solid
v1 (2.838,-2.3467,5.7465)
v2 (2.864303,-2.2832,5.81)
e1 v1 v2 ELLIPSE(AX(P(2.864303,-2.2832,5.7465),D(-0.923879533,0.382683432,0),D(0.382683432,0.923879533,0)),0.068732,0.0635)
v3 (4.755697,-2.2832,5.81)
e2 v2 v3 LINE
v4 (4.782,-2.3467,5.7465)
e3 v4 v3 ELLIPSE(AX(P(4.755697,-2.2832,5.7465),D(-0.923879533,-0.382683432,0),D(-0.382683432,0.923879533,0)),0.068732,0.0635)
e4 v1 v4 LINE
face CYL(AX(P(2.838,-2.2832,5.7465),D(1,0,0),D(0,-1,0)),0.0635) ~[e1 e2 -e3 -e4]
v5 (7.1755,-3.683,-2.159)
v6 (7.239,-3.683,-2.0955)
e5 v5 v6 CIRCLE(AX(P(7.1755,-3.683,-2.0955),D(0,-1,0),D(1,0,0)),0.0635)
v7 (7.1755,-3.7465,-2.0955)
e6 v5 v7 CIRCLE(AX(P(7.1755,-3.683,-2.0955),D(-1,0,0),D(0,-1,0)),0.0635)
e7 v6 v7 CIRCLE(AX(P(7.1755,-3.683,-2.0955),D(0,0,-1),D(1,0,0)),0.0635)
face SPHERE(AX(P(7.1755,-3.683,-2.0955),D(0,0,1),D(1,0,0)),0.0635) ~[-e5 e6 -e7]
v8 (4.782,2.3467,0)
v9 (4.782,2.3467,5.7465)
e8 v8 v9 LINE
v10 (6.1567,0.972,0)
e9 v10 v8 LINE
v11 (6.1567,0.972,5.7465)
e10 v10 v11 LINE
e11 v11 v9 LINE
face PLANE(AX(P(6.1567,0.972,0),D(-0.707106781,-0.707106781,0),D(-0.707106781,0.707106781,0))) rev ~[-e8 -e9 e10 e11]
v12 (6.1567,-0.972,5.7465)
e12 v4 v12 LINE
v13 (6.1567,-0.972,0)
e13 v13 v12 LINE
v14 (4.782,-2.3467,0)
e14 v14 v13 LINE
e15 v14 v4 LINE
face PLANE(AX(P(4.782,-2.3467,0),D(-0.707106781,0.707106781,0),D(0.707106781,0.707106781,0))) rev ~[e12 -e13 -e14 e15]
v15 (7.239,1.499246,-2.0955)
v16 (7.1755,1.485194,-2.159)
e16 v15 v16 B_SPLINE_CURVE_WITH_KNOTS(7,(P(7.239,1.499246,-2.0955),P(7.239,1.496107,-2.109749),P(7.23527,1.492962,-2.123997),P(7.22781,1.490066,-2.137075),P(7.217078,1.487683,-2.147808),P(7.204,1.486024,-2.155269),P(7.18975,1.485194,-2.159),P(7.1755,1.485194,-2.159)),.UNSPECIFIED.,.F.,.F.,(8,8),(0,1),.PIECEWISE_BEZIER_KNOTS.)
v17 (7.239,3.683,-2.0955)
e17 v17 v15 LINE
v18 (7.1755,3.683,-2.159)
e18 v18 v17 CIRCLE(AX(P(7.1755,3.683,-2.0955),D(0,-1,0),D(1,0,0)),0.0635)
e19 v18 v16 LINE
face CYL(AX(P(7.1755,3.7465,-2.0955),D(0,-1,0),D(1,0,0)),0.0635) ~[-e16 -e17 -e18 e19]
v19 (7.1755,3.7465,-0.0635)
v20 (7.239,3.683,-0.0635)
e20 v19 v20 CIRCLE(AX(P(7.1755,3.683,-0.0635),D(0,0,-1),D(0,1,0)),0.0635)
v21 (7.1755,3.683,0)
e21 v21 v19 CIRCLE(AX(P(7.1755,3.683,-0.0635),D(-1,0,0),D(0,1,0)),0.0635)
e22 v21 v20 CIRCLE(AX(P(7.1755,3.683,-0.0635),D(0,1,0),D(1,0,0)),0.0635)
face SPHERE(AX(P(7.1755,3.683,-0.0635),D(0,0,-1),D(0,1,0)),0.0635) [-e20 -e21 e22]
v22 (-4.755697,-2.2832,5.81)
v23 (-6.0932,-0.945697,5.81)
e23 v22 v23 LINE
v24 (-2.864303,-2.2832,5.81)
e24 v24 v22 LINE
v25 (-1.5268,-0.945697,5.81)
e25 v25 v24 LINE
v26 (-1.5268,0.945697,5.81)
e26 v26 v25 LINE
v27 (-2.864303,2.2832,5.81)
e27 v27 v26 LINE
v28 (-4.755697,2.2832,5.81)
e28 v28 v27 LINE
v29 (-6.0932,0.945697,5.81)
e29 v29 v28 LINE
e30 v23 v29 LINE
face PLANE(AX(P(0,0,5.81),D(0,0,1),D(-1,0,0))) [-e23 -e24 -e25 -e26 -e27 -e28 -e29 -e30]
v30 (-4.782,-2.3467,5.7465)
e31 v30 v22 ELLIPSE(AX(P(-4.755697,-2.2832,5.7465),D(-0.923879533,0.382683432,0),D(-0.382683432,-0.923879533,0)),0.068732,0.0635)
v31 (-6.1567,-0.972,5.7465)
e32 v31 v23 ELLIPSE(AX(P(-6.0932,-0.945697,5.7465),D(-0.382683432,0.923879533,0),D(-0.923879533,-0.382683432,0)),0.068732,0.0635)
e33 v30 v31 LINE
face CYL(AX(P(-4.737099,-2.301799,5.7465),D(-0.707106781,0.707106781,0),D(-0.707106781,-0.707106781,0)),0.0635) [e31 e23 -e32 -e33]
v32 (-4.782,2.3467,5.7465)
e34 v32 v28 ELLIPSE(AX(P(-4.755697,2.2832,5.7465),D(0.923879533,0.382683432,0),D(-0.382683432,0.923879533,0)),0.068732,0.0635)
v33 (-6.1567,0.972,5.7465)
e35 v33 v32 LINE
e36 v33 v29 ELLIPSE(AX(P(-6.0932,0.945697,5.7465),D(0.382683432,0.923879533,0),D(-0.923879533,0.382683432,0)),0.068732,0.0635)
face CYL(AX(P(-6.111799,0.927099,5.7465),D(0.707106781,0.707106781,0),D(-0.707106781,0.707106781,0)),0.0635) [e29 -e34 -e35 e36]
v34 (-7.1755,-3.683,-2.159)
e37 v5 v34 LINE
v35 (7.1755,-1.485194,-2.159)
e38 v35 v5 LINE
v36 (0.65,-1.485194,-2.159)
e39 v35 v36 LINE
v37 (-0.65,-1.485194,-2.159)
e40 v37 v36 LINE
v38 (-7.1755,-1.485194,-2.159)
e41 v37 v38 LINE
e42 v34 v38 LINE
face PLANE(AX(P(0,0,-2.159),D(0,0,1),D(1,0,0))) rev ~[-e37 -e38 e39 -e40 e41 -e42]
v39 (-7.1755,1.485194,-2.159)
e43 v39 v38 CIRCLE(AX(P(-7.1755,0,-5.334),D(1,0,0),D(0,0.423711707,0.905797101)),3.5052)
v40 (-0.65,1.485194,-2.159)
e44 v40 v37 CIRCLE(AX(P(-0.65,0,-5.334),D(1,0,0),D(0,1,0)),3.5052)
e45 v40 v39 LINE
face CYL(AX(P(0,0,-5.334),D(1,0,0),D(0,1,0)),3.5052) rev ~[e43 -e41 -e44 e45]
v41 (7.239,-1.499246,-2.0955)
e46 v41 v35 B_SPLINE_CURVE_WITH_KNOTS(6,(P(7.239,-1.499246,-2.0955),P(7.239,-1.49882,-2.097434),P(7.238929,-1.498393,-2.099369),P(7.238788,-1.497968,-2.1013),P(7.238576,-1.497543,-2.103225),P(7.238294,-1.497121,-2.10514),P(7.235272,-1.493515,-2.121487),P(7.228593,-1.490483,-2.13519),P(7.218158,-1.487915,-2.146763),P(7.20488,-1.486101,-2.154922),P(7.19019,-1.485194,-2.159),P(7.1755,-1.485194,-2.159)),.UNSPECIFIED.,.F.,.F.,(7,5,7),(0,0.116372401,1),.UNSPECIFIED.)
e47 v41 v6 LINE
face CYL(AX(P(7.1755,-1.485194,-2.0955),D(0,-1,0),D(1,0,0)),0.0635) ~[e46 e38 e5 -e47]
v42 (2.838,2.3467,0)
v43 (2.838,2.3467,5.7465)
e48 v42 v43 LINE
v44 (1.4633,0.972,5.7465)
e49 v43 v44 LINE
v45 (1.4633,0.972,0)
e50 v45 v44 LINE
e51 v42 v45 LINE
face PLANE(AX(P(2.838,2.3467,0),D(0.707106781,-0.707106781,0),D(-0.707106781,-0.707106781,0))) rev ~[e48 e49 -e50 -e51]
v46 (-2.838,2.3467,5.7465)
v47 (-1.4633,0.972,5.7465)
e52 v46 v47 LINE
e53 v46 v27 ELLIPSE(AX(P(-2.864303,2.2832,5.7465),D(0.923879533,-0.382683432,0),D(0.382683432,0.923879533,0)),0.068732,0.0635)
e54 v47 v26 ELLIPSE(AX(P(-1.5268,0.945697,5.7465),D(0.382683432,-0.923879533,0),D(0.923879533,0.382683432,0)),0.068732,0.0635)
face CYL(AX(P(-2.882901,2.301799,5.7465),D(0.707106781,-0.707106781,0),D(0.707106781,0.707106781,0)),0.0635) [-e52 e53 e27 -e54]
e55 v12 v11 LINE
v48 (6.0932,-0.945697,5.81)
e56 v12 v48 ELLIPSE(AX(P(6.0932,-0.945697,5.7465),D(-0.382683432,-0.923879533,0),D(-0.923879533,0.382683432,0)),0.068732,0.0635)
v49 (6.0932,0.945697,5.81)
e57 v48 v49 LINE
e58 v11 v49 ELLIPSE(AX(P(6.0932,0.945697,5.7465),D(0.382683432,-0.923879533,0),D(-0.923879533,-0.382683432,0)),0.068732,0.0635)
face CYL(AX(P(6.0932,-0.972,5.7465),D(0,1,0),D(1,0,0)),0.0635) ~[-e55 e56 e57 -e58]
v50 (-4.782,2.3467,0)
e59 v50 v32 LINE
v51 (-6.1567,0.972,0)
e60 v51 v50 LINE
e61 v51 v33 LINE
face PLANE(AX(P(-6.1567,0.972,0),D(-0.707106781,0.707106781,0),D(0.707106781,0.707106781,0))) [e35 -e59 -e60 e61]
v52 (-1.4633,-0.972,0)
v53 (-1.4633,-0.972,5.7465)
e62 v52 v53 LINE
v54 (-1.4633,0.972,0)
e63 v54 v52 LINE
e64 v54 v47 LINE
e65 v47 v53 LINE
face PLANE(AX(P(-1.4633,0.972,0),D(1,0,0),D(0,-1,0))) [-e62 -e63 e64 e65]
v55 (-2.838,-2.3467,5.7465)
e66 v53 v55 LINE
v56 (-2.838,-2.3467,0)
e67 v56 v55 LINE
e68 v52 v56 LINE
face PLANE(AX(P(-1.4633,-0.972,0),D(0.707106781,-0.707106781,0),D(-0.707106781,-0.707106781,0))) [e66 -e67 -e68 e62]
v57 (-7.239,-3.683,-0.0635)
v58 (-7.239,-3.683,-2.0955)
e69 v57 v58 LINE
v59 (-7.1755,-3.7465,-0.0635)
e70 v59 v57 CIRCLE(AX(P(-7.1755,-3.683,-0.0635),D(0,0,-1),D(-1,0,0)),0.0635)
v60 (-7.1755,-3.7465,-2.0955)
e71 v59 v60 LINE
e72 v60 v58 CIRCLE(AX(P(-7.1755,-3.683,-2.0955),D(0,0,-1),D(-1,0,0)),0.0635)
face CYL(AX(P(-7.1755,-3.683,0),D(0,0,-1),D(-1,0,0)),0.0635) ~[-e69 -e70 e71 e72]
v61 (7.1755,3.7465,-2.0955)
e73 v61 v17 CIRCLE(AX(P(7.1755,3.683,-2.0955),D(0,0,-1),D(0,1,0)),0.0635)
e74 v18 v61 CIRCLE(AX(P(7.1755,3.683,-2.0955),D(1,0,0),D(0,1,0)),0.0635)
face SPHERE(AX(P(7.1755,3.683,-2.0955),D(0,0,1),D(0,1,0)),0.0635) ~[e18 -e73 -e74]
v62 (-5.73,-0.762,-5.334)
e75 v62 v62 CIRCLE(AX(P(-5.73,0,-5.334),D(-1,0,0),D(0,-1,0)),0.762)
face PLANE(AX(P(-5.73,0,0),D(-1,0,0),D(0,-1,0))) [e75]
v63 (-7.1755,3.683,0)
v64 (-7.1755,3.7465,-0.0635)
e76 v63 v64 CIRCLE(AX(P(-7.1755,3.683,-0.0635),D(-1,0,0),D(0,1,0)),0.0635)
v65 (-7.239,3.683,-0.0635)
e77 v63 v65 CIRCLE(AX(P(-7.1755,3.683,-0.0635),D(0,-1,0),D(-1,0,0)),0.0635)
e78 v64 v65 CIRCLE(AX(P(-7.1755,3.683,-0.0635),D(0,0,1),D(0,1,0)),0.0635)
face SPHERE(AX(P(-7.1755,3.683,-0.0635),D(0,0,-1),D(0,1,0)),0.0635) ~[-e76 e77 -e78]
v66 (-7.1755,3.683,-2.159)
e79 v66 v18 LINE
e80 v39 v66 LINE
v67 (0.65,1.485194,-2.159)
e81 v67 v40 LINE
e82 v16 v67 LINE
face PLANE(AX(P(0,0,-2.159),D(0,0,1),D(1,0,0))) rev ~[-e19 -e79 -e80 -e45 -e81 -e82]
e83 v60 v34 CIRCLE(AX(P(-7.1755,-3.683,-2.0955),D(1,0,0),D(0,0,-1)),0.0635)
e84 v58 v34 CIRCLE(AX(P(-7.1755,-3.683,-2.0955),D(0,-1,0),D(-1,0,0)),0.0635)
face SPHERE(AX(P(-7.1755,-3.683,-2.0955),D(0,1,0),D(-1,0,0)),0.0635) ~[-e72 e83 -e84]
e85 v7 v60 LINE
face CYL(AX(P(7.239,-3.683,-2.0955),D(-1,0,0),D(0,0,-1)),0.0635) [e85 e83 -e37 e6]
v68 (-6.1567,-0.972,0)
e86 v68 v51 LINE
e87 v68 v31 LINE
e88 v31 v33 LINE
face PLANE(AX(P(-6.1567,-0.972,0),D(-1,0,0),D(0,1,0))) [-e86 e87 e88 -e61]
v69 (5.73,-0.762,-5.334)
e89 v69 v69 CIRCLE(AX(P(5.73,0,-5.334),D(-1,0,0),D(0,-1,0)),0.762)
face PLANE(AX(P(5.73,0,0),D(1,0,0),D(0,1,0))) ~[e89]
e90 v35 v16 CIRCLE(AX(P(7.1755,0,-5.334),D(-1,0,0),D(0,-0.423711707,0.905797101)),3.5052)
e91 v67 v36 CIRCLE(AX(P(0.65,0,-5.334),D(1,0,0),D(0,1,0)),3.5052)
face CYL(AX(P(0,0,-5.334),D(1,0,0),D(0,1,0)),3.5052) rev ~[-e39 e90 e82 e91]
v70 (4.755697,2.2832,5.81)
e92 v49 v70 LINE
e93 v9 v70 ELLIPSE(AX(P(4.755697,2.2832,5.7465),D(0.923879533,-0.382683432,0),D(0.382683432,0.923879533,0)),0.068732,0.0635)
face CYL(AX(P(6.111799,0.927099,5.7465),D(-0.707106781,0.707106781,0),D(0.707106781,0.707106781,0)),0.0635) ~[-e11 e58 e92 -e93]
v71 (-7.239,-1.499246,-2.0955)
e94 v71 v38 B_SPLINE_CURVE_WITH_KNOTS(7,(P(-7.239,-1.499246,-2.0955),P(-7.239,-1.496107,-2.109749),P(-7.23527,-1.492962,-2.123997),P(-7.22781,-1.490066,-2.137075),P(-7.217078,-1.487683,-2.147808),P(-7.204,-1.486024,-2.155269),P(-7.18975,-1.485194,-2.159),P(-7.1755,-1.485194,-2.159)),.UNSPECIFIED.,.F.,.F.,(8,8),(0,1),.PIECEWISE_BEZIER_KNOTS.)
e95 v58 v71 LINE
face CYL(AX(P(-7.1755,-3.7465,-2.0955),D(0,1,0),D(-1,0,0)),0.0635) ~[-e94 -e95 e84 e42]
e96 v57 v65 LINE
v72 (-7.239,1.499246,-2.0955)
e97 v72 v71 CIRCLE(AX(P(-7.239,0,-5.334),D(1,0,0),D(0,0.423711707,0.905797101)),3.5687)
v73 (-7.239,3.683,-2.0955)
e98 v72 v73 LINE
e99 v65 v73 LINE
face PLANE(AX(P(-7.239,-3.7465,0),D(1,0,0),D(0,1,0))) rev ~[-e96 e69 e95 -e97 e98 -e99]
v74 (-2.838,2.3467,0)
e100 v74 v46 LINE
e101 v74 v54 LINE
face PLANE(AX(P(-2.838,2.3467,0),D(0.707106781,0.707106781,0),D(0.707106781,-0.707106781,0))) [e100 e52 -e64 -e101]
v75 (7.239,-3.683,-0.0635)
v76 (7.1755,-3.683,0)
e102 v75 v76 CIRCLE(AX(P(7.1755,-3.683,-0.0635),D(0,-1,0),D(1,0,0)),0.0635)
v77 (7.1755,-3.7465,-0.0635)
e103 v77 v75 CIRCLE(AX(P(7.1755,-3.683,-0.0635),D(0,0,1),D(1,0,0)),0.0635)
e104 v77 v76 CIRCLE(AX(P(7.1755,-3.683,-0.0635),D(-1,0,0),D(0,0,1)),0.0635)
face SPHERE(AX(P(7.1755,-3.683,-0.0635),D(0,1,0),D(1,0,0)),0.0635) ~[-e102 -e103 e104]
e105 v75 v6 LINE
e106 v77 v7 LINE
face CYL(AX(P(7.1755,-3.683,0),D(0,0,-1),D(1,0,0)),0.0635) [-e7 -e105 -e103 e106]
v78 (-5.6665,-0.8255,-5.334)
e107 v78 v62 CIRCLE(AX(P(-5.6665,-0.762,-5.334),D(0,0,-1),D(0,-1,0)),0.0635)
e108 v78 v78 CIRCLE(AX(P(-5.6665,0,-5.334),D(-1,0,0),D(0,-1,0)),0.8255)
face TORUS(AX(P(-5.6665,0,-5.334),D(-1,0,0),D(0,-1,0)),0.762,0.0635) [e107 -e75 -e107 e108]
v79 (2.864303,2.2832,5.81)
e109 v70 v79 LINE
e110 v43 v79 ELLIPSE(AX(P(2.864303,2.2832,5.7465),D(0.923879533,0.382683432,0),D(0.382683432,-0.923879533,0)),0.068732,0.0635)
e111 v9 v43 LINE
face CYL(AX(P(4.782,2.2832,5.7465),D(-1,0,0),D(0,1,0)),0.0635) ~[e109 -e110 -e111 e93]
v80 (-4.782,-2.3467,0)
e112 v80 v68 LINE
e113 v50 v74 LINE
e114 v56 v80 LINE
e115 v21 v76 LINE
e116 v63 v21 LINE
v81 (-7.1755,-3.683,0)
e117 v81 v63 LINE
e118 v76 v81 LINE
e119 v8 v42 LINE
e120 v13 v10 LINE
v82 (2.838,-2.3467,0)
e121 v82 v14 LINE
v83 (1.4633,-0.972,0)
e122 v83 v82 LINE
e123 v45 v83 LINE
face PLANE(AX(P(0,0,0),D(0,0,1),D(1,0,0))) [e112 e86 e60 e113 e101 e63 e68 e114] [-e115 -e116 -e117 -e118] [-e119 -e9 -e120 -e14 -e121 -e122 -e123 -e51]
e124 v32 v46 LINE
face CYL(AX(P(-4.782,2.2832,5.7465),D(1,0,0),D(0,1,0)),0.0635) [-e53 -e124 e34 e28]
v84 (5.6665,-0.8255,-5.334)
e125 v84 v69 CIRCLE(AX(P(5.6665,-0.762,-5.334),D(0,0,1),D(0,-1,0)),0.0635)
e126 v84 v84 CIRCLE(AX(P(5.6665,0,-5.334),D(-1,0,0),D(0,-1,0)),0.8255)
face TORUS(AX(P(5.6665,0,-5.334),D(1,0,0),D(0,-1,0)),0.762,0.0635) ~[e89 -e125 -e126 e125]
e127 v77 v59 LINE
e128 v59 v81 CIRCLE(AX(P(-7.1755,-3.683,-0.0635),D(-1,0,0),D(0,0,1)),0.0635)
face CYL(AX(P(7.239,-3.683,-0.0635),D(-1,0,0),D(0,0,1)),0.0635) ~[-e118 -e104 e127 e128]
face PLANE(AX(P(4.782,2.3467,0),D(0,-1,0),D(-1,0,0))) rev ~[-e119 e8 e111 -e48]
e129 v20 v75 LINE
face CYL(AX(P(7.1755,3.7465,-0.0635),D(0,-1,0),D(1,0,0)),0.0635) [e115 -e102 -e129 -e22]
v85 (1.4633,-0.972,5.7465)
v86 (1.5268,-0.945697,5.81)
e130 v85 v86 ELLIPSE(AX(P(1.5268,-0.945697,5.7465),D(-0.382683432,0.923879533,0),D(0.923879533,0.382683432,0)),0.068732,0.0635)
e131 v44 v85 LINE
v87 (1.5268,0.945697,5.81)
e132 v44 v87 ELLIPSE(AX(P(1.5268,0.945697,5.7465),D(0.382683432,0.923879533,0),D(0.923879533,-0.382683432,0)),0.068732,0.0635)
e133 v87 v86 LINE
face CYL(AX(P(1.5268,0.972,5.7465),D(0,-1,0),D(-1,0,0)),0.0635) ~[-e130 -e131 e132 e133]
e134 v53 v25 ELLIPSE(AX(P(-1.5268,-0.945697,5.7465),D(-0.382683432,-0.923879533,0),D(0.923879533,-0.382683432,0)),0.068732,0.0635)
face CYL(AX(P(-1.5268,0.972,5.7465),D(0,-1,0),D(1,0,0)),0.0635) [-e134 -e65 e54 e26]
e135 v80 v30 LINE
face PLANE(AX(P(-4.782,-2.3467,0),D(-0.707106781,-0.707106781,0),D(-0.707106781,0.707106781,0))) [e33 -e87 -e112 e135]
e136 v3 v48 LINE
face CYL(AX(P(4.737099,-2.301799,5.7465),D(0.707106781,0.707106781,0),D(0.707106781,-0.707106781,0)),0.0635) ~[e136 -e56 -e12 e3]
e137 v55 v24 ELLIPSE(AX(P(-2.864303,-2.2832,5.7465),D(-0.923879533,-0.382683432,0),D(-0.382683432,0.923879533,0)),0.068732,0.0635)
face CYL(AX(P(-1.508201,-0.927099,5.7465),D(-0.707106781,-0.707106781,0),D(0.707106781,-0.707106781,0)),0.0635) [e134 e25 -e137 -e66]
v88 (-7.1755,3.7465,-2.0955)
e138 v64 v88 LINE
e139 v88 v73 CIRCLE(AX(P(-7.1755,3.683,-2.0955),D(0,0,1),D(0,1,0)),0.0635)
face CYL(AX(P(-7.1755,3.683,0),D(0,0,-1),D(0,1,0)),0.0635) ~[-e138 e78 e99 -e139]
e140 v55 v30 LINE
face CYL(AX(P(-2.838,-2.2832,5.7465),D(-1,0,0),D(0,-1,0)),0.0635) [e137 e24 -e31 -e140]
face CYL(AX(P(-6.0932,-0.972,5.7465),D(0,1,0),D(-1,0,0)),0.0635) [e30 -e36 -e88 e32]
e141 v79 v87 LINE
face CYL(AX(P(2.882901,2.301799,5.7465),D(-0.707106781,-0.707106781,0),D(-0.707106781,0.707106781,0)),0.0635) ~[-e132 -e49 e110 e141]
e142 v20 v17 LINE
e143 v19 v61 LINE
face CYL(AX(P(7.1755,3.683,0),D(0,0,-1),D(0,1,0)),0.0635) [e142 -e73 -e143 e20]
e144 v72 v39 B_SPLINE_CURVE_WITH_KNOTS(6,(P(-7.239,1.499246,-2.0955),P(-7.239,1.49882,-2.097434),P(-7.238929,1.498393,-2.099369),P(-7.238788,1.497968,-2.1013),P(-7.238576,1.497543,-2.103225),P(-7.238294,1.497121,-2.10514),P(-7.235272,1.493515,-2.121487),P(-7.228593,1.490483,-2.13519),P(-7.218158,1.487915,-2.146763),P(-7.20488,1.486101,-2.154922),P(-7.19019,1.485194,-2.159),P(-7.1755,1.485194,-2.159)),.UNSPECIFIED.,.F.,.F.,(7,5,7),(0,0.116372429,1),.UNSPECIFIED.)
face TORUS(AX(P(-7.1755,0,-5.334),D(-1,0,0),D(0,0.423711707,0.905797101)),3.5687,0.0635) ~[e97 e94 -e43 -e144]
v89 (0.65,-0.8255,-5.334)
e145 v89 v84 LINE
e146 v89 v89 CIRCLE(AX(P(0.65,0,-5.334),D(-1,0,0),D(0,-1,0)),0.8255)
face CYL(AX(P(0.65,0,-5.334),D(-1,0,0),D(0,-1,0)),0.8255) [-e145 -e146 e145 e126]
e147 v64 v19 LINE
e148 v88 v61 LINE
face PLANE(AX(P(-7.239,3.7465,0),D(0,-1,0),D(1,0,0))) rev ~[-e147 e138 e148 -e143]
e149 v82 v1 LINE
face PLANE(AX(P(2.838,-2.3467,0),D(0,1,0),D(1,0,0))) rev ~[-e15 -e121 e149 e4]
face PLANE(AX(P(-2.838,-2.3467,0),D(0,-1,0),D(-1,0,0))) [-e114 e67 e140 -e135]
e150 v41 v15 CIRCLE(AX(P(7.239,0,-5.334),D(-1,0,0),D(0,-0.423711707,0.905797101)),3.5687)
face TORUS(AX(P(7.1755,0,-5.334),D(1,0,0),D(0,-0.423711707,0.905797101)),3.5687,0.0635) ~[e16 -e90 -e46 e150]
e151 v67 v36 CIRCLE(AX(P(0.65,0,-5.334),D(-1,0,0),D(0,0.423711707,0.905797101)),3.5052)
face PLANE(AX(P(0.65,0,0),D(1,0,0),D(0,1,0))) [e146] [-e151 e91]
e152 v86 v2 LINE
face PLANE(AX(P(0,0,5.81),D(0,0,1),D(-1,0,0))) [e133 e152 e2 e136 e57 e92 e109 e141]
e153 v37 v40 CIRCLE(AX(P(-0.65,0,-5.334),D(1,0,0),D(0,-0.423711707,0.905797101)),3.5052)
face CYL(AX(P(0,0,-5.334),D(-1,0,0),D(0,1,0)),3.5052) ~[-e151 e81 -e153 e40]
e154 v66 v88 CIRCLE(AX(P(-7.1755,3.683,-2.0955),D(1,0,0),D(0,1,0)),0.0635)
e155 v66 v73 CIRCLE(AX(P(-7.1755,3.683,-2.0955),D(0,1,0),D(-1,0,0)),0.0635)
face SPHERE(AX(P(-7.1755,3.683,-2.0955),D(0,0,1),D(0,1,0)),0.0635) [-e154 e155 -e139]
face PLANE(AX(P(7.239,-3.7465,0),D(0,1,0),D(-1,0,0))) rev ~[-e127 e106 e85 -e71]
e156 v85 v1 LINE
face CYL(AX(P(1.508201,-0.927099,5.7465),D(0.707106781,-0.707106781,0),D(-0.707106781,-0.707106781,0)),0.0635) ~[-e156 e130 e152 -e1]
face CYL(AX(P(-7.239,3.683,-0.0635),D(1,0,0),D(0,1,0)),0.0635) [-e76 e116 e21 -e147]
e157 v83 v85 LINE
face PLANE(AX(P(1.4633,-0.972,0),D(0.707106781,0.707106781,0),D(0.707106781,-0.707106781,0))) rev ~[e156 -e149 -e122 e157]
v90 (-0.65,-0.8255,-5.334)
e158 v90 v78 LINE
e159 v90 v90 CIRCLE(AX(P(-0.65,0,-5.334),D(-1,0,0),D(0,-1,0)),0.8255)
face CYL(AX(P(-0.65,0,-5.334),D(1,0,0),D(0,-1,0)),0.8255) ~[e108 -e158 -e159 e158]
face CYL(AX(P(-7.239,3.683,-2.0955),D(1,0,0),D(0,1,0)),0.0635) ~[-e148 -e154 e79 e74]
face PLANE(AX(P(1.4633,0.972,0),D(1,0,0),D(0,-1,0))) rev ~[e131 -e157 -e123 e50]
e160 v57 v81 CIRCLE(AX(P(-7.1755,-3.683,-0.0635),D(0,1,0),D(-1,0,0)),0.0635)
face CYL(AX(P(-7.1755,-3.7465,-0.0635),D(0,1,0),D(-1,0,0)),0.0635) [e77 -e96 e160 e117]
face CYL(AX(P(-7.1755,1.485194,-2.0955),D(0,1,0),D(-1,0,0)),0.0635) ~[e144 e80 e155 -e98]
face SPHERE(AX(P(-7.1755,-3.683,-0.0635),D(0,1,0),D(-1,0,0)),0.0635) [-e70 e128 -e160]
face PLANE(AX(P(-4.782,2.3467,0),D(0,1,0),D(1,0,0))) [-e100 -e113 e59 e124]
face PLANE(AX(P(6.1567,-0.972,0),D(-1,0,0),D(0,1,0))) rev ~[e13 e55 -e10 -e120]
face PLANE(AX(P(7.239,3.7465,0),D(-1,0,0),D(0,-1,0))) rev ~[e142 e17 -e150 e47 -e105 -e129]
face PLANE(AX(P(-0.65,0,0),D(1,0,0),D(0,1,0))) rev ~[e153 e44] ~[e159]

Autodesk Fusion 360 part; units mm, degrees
sketch "Baseplate" plane through (0, 0, 0) normal (0, 0, 1) x (1, 0, 0)
  line L0 (-7.239, 3.7465) -> (7.239, 3.7465)
  line L1 (7.239, 3.7465) -> (7.239, -3.7465)
  line L2 (7.239, -3.7465) -> (-7.239, -3.7465)
  line L3 (-7.239, -3.7465) -> (-7.239, 3.7465)
  line L4 (-7.239, 3.7465) -> (7.239, -3.7465) construction
  line L5 (7.239, 3.7465) -> (-7.239, -3.7465) construction
  dimension "d1" = 14.478
  dimension "d2" = 7.493
extrude "Extrude1" add sketch "Baseplate" against normal blind 2.159
sketch "UpperJoint" plane through (0, 0, 0) normal (0, 0, 1) x (-1, 0, 0)
  line L0 (7.239, 3.7465) -> (-7.239, 3.7465)
  line L1 (-7.239, 3.7465) -> (-7.239, -3.7465)
  line L2 (-7.239, -3.7465) -> (7.239, -3.7465)
  line L3 (7.239, -3.7465) -> (7.239, 3.7465)
  circle A0 centre (-3.81, 0) radius 2.54 construction
  line L4 (-4.782, -2.3467) -> (-2.838, -2.3467)
  line L5 (-2.838, -2.3467) -> (-1.4633, -0.972)
  line L6 (-1.4633, -0.972) -> (-1.4633, 0.972)
  line L7 (-1.4633, 0.972) -> (-2.838, 2.3467)
  line L8 (-2.838, 2.3467) -> (-4.782, 2.3467)
  line L9 (-4.782, 2.3467) -> (-6.1567, 0.972)
  line L10 (-6.1567, 0.972) -> (-6.1567, -0.972)
  line L11 (-6.1567, -0.972) -> (-4.782, -2.3467)
  line L12 (0, -2.5) -> (0, -20)
  line L13 (2.838, 2.3467) -> (4.782, 2.3467)
  line L14 (4.782, 2.3467) -> (6.1567, 0.972)
  line L15 (6.1567, 0.972) -> (6.1567, -0.972)
  line L16 (6.1567, -0.972) -> (4.782, -2.3467)
  line L17 (4.782, -2.3467) -> (2.838, -2.3467)
  line L18 (2.838, -2.3467) -> (1.4633, -0.972)
  line L19 (1.4633, -0.972) -> (1.4633, 0.972)
  line L20 (1.4633, 0.972) -> (2.838, 2.3467)
  point P0 (-3.81, 0)
  dimension "d5" = 5.08
  dimension "d7" = 3.81
extrude "Extrude2" add sketch "UpperJoint" along normal blind 5.81 contours L4 L5 L6 L7 L8 L9 L10 L11 | L13 L14 L15 L16 L17 L18 L19 L20
sketch "LegJoints" plane through (0, 0, 0) normal (1, 0, 0) x (0, 1, 0)
  circle A0 centre (0, -5.334) radius 3.5052
  dimension "d10" = 7.0104
  dimension "d11" = 5.334
extrude "Extrude3" cut sketch "LegJoints" along normal mid plane 20
extrude "Extrude4" add sketch "LegJoints" along normal mid plane 1.3
sketch "LegJoints2" plane through (-0.65, 0, 0) normal (-1, 0, 0) x (0, -1, 0)
  arc A0 (-1.4852, -2.159) -> (1.4852, -2.159) centre (0, -5.334) ccw
  arc A1 (1.4852, -2.159) -> (-1.4852, -2.159) centre (0, -5.334) ccw
  circle A2 centre (0, -5.334) radius 0.8255
  dimension "d16" = 1.651
extrude "Extrude5" add sketch "LegJoints2" along normal blind 5.08 contours A2
mirror "Mirror1" about plane through (0, 0, 0) normal (1, 0, 0) of "Extrude5"
fillet "Fillet1" radius 0.0635 2 edges at (5.73, 0.7696, -5.6325) (-5.73, 0.7696, -5.6325) 6 faces at (4.5922, 0.324, 5.81) (-3.0278, -0.324, 5.81) (2.413, 3.7465, -1.4393) (-7.239, 0, -0.6096) (7.239, 0, -0.6096) (-2.413, -3.7465, -1.4393)
